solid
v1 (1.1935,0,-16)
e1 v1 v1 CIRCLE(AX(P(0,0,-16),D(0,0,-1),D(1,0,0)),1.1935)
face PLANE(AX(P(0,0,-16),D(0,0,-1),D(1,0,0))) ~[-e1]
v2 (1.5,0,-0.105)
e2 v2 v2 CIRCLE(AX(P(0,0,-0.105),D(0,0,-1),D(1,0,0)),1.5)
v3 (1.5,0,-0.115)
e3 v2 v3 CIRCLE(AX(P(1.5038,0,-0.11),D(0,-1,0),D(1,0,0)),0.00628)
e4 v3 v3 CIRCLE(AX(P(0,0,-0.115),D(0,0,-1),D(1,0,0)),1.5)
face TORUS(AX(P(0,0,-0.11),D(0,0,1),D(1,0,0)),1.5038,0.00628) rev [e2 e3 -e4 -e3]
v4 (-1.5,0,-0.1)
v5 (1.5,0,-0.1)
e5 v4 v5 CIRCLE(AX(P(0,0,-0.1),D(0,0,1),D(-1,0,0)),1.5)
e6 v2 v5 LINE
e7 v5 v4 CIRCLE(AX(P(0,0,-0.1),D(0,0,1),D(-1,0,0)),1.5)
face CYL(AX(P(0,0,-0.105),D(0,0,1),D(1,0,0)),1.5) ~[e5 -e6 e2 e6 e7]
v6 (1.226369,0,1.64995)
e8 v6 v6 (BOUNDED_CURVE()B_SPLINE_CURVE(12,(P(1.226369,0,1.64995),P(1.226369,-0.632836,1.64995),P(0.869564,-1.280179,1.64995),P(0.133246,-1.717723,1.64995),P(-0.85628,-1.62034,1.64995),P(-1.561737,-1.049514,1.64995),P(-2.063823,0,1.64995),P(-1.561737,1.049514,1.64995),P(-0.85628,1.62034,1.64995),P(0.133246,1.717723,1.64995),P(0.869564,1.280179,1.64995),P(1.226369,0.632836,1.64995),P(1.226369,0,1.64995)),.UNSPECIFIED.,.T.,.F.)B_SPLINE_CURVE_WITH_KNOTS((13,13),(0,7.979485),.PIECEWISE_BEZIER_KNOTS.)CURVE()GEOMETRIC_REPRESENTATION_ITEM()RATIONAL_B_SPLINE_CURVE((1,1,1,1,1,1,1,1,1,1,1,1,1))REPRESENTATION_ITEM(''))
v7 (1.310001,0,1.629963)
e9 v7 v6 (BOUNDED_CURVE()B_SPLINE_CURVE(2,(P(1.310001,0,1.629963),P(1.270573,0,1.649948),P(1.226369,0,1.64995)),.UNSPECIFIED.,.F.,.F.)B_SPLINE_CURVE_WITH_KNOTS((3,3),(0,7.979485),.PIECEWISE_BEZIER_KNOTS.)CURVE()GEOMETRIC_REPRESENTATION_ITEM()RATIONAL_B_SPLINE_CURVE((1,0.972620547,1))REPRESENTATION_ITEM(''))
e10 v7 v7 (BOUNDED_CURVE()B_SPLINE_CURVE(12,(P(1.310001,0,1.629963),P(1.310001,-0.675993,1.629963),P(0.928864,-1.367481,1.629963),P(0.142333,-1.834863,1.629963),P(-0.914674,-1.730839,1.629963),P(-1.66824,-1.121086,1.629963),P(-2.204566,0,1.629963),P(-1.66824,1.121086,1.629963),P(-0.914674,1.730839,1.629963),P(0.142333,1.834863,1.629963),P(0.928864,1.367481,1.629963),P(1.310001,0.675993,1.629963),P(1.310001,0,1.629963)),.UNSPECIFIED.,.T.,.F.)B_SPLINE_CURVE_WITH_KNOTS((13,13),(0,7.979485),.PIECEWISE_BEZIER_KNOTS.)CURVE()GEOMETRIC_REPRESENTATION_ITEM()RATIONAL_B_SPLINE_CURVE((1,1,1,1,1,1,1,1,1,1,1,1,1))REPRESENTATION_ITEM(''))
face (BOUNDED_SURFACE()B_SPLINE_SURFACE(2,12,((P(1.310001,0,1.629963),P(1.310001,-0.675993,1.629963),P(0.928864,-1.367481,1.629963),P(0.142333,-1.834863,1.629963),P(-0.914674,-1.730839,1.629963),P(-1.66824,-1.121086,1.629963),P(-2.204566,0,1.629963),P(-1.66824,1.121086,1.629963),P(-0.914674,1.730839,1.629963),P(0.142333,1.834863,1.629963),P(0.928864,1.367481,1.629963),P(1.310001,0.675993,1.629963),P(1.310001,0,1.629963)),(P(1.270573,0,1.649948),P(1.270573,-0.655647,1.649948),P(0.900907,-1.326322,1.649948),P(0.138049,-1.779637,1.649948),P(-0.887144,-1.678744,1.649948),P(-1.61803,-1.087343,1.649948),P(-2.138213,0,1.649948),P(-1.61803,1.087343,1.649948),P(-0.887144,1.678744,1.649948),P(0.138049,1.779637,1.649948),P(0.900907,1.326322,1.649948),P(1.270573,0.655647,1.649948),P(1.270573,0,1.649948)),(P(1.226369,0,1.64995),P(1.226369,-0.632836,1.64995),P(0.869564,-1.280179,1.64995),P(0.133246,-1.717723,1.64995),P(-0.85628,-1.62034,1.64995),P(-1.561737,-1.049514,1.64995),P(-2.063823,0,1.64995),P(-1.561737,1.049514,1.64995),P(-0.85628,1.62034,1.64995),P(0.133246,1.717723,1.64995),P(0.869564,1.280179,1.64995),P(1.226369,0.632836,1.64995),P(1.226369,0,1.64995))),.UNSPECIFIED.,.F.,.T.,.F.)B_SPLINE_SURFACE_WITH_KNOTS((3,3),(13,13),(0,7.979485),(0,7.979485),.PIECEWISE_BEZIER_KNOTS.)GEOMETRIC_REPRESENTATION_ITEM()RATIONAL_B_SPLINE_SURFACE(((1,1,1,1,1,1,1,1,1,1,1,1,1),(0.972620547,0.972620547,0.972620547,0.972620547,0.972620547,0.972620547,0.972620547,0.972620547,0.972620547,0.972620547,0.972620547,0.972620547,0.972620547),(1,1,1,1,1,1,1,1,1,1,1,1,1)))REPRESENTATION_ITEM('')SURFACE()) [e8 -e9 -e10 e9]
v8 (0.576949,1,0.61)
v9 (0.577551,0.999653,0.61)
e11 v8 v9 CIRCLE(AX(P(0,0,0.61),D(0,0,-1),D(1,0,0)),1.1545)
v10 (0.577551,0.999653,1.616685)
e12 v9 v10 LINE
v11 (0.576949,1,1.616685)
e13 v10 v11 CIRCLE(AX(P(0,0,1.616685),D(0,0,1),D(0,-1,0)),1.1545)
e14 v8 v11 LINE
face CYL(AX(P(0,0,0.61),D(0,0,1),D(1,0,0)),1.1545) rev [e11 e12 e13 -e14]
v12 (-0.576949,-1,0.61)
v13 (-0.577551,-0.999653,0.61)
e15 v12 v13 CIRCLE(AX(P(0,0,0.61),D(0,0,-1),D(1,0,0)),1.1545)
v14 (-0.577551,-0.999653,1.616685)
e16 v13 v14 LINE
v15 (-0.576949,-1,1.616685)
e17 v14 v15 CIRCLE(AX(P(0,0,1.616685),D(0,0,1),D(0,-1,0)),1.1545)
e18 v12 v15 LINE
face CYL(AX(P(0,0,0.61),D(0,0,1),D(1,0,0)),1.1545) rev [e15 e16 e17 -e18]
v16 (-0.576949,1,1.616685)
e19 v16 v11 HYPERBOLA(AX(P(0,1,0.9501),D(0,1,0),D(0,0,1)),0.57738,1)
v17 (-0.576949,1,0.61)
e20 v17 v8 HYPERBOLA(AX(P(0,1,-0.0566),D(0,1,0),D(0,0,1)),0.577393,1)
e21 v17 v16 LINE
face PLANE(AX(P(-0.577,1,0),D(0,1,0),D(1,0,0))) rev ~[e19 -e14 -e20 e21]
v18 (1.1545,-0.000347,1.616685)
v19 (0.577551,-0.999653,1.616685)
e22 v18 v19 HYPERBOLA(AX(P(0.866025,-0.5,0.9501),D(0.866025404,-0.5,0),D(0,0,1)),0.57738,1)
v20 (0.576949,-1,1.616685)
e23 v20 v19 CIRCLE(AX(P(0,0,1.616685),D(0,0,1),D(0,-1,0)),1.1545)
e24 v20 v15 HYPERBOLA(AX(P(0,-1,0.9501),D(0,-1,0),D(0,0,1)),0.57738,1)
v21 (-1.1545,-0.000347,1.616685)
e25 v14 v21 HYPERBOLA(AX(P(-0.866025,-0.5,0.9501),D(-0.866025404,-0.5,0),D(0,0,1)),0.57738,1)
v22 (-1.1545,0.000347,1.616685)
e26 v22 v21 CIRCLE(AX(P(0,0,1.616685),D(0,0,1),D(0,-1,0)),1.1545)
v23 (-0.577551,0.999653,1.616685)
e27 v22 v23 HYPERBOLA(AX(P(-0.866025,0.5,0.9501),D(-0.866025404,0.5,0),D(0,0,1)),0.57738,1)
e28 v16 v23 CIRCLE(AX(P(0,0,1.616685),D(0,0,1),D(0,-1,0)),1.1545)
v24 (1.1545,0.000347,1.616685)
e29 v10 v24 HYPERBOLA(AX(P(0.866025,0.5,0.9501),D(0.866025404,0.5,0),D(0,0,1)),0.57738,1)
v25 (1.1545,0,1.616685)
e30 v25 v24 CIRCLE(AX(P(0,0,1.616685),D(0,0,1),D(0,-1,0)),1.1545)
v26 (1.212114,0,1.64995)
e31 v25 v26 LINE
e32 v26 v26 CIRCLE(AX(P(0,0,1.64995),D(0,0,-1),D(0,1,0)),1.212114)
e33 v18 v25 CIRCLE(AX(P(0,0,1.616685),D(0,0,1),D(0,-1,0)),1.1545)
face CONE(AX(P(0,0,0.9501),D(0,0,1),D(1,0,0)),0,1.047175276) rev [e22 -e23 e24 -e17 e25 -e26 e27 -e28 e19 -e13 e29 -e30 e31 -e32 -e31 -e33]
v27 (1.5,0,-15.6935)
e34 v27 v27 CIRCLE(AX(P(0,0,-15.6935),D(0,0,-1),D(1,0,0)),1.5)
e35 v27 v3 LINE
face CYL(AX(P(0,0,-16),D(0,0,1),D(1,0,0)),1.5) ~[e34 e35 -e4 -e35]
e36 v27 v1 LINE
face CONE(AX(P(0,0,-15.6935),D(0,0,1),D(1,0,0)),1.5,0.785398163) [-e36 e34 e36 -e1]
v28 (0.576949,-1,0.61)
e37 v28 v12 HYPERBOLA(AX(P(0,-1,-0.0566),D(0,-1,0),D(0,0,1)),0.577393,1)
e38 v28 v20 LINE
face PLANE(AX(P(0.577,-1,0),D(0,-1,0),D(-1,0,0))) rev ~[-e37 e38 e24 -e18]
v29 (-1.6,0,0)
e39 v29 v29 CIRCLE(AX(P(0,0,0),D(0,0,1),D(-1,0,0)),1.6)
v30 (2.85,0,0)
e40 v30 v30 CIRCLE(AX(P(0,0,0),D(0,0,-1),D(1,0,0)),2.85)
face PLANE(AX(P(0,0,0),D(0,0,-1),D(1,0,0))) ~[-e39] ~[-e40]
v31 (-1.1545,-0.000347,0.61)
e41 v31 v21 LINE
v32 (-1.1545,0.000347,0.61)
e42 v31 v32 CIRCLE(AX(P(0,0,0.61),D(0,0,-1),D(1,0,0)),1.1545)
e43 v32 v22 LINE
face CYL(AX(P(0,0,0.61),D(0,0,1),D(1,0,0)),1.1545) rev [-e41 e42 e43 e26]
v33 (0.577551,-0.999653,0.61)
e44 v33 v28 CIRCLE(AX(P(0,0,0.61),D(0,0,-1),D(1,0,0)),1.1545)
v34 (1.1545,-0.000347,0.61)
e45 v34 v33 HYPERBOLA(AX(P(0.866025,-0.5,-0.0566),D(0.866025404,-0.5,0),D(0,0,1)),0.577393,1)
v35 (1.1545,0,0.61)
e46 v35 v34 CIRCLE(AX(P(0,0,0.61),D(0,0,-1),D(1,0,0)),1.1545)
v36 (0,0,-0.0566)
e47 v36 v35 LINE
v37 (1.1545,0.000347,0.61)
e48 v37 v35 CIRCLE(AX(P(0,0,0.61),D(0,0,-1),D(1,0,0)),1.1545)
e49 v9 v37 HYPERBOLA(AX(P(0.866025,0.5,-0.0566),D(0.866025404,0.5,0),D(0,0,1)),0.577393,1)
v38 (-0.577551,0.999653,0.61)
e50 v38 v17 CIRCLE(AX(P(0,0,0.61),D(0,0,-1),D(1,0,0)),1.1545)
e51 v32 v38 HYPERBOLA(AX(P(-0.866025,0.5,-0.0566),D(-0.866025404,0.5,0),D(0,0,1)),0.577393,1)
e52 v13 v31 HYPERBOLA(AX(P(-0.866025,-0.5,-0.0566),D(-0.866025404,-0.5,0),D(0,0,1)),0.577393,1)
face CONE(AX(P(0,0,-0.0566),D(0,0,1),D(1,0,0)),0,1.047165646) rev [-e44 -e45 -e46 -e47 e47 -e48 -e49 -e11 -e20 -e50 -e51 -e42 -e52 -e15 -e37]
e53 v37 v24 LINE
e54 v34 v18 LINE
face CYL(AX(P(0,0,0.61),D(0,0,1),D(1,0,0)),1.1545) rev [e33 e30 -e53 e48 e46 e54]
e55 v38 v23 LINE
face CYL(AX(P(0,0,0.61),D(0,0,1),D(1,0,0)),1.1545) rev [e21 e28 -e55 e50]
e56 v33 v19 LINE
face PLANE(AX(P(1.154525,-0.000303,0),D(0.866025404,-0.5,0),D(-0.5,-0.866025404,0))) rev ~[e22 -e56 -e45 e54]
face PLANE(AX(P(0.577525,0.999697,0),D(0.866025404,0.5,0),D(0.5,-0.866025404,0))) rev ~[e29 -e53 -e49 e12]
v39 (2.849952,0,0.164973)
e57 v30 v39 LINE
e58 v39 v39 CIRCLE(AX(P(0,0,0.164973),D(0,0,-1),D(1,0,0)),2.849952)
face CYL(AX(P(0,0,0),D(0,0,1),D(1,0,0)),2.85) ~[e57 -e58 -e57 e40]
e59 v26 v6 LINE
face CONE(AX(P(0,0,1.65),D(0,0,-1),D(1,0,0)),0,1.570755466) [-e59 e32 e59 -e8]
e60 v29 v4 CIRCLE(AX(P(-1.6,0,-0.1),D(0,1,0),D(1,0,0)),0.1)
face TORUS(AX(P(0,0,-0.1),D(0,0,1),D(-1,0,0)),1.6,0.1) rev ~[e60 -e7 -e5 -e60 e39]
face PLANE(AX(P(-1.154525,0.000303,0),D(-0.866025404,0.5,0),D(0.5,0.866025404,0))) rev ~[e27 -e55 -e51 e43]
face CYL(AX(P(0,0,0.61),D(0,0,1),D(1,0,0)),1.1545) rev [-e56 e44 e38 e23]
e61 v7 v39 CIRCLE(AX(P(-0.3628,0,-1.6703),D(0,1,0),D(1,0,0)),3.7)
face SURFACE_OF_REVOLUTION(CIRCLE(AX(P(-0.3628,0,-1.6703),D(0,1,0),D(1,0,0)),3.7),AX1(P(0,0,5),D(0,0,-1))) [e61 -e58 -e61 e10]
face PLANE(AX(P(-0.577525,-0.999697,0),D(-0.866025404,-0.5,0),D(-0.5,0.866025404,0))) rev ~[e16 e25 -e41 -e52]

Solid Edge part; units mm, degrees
sketch "Sketch1" plane through (0, 0, 0) normal (0, -1, 0) x (1, 0, 0)
  line L0 (0, -16) -> (1.5, -16)
  line L1 (1.5, -16) -> (1.5, -0.115)
  arc A0 (1.5, -0.105) -> (1.5, -0.115) centre (1.5038, -0.11) ccw
  line L2 (1.5, -0.105) -> (1.5, 0)
  line L3 (1.5, 0) -> (2.85, 0)
  line L4 (2.85, 0) -> (2.85, 0.165)
  arc A1 (1.27, 1.65) -> (2.85, 0.165) centre (-0.3628, -1.6703) cw
  line L5 (0, 1.65) -> (1.27, 1.65)
  dimension "D1" = 15.885
  dimension "D2" = 1.5
  dimension "D3" = 1.27
  dimension "D4" = 2.85
  dimension "D5" = 0.165
  dimension "D6" = 1.65
  dimension "D7" = 3.7
  dimension "D8" = 16
  dimension "D9" = 0.01
  dimension "D10" = 0.0025
revolve "RevolvedProtrusion1" add sketch "Sketch1" angle 360 about axis through (0, 0, 5) along (0, 0, -1)
sketch "Sketch2" plane through (0, 0, 0) normal (0, -1, 0) x (1, 0, 0)
  line L0 (0, -0.0566) -> (1.1545, 0.61)
  line L1 (1.1545, 0.61) -> (1.1545, 1.65)
  line L2 (1.1545, 1.65) -> (0, 1.65)
  dimension "D1" = 1.1545
  dimension "D2" = 1.04
revolve "RevolvedCutout1" cut sketch "Sketch2" angle 360 about axis through (0, 0, 5.3) along (0, 0, -1)
sketch "Sketch3" plane through (0, 0, 0) normal (0, 0, -1) x (0, 1, 0)
  arc A0 (-1, 0.577) -> (-1, -0.577) centre (0, 0) ccw
  line L0 (-1, 0.577) -> (-1, -0.577)
  dimension "D1" = 1
extrude "Protrusion1" add sketch "Sketch3" against normal blind 1.65
pattern_circular "Pattern1" count 6 over 360 about axis through (0, 0, 0) along (0, 0, -1) of "Protrusion1"
fillet "Round_1" radius 0.185 1 edges at (-1.27, 0, 1.65)
sketch "Sketch4" plane through (0, 0, 0) normal (0, -1, 0) x (1, 0, 0)
  line L0 (0, 0.9501) -> (1.2122, 1.65)
  line L1 (1.2122, 1.65) -> (0, 1.65)
  dimension "D1" = 1.2122
revolve "RevolvedCutout2" cut sketch "Sketch4" angle 360 about axis through (0, 0, 5.3) along (0, 0, -1)
sketch "Sketch5" plane through (0, 0, 0) normal (0, -1, 0) x (1, 0, 0)
  line L0 (-1.5, 0) -> (-1.5, -0.1)
  line L1 (-1.6, 0) -> (-1.5, 0)
  arc A0 (-1.6, 0) -> (-1.5, -0.1) centre (-1.6, -0.1) cw
  dimension "D1" = 1.5
  dimension "D2" = 0.1
revolve "RevolvedProtrusion2" add sketch "Sketch5" angle 360 about axis through (0, 0, -0.5) along (0, 0, 1)
cosmetic_thread "Thread1" size "M3"
chamfer "Chamfer1" distance 0.3065 angle 45 1 edges at (-1.5, 0, -16)
properties material "Stahl"
